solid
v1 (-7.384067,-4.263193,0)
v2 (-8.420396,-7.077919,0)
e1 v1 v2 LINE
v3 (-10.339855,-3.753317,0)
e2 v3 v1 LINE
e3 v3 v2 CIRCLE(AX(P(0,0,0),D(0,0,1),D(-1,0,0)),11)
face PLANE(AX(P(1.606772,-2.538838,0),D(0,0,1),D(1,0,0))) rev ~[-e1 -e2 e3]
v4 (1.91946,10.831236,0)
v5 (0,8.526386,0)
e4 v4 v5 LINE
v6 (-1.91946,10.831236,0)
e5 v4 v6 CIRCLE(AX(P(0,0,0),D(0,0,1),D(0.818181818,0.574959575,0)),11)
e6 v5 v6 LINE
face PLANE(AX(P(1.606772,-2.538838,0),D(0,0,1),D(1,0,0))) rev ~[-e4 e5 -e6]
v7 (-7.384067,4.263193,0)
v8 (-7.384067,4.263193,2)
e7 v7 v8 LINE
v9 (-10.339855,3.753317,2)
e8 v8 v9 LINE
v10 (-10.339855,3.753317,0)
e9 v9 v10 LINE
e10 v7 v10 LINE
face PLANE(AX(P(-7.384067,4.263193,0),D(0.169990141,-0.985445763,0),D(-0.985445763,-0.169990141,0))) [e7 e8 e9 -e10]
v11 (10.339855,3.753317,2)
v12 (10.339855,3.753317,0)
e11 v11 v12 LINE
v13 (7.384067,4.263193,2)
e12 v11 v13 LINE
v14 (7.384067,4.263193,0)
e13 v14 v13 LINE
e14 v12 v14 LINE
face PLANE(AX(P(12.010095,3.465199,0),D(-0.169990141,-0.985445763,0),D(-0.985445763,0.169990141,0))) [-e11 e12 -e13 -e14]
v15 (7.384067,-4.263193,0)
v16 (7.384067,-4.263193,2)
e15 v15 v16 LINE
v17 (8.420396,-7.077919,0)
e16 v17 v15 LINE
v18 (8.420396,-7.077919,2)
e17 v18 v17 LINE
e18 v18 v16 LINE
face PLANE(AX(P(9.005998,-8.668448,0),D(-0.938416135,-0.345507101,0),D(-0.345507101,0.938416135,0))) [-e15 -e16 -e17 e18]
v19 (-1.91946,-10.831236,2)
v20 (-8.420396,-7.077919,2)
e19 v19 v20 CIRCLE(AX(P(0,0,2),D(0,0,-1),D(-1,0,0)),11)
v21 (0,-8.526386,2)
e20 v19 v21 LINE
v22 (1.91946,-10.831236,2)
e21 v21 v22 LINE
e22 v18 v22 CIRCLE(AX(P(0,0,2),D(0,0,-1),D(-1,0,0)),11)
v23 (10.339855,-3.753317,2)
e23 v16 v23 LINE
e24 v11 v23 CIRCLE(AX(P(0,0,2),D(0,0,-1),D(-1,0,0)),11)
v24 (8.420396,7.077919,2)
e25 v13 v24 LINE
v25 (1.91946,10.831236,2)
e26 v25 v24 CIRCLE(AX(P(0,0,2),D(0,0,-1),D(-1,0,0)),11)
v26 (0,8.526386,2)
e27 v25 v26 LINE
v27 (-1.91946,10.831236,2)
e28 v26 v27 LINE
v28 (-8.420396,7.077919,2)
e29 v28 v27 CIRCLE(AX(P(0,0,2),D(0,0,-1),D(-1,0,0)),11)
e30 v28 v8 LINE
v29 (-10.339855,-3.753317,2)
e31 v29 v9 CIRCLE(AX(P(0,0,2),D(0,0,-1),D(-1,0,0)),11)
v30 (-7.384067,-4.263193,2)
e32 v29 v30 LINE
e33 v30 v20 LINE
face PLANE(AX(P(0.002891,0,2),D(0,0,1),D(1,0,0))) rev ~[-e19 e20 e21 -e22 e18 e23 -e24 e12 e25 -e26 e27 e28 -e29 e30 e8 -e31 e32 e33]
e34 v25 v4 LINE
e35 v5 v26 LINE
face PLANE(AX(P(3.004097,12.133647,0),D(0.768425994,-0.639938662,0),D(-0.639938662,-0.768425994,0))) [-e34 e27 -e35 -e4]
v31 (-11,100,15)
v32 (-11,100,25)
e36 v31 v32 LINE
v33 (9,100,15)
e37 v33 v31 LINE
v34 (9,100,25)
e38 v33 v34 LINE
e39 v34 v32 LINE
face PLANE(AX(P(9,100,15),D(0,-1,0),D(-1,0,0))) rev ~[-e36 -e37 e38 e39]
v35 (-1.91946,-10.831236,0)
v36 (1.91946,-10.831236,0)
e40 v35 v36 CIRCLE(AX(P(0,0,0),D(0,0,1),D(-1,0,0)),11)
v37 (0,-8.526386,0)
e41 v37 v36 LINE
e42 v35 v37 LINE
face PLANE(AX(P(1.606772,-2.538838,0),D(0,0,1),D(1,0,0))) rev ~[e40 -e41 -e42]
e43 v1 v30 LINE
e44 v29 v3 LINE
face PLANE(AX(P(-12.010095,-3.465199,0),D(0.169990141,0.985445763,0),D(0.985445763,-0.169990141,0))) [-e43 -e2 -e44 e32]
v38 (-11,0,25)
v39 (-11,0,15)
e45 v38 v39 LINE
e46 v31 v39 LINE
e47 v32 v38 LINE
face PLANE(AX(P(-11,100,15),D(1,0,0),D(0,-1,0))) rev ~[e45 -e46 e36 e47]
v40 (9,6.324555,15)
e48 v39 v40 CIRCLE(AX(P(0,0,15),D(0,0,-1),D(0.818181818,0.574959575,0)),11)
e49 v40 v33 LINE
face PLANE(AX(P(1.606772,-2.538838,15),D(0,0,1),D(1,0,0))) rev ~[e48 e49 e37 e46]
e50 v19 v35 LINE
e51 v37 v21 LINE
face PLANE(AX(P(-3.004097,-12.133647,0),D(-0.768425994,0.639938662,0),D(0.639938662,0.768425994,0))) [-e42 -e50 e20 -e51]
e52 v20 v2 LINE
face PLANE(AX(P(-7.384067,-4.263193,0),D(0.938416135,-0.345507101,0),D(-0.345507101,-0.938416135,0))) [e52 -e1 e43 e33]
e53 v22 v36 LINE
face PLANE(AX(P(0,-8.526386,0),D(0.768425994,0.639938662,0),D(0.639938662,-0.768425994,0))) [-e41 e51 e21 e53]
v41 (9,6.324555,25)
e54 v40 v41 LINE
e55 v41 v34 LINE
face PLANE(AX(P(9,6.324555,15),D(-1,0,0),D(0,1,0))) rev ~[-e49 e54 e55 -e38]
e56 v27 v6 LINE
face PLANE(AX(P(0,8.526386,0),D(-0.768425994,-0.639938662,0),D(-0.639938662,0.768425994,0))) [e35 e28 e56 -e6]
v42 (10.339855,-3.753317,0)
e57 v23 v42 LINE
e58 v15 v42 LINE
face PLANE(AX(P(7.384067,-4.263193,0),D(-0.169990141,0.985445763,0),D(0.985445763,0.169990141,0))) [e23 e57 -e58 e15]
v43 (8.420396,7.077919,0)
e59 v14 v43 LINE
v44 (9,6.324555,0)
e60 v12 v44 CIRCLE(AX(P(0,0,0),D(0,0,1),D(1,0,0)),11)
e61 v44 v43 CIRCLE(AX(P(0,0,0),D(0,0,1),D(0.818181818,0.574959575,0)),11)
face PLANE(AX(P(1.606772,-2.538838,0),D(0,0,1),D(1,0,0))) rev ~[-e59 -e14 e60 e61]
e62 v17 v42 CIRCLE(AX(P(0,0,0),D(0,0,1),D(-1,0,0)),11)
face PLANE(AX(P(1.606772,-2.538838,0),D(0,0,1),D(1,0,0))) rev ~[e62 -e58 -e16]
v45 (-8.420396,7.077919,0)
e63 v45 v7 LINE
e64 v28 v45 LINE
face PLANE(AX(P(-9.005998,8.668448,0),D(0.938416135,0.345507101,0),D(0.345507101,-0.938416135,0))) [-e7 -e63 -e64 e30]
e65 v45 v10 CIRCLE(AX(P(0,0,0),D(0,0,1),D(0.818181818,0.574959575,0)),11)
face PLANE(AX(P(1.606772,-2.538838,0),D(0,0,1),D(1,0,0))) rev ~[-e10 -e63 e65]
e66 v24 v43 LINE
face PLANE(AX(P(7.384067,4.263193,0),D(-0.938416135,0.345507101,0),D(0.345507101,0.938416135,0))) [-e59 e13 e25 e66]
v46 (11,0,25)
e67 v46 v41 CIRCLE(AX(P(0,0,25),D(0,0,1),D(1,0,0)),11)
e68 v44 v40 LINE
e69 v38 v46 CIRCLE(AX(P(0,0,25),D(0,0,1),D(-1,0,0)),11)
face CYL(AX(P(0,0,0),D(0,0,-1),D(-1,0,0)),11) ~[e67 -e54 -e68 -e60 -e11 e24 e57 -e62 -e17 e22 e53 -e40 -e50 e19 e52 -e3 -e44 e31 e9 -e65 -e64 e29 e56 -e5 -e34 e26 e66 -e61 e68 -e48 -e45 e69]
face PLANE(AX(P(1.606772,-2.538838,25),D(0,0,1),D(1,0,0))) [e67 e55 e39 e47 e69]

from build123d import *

# Parameters (mm, degrees)
F1_DEPTH = 20
F2_START = 15
F2_DEPTH = 10
F4_DEPTH = 2.000000095


with BuildPart() as f1:
    # F0 (on Top) → F1 (new body)
    with BuildSketch(Plane.XY):
        with BuildLine():
            Line((9, 0), (-11, 0))
            ThreePointArc((-11, 0), (0, -11), (11, 0))
            ThreePointArc((11, 0), (10.4880884817, 3.3166247904), (9, 6.3245553203))
            Line((9, 6.3245553203), (9, 0))
        make_face()
        with BuildLine():
            ThreePointArc((9, 6.3245553203), (-3.3166247904, 10.4880884817), (-11, 0))
            Line((-11, 0), (9, 0))
            Line((9, 0), (9, 6.3245553203))
        make_face()
    extrude(amount=F1_DEPTH)

    # F0 (on Top) → F2 (join)
    with BuildSketch(Plane.XY.offset(F2_START)):
        with BuildLine():
            Line((9, 0), (-11, 0))
            ThreePointArc((-11, 0), (0, -11), (11, 0))
            ThreePointArc((11, 0), (10.4880884817, 3.3166247904), (9, 6.3245553203))
            Line((9, 6.3245553203), (9, 0))
        make_face()
        with BuildLine():
            Line((-11, 100), (-11, 0))
            ThreePointArc((-11, 0), (-3.3166247904, 10.4880884817), (9, 6.3245553203))
            Line((9, 6.3245553203), (9, 100))
            Line((9, 100), (-11, 100))
        make_face()
        with BuildLine():
            ThreePointArc((9, 6.3245553203), (-3.3166247904, 10.4880884817), (-11, 0))
            Line((-11, 0), (9, 0))
            Line((9, 0), (9, 6.3245553203))
        make_face()
    extrude(amount=F2_DEPTH)

    # F3 (on Top) → F4 (cut)
    with BuildSketch(Plane.XY):
        with BuildLine():
            Line((9.0059984515, -8.6684480671), (7.3840666789, -4.2631928848))
            Line((7.3840666789, -4.2631928848), (12.0100954632, -3.4651994118))
            ThreePointArc((12.0100954632, -3.4651994118), (12.3769178977, -1.7498295216), (12.5, 0))
            ThreePointArc((12.5, 0), (12.3769178977, 1.7498295216), (12.0100954632, 3.4651994118))
            Line((12.0100954632, 3.4651994118), (7.3840666789, 4.2631928848))
            Line((7.3840666789, 4.2631928848), (9.0059984515, 8.6684480671))
            ThreePointArc((9.0059984515, 8.6684480671), (6.25, 10.8253175473), (3.0040970118, 12.133647479))
            Line((3.0040970118, 12.133647479), (0, 8.5263857696))
            Line((0, 8.5263857696), (-3.0040970118, 12.133647479))
            ThreePointArc((-3.0040970118, 12.133647479), (-6.25, 10.8253175473), (-9.0059984515, 8.6684480671))
            Line((-9.0059984515, 8.6684480671), (-7.3840666789, 4.2631928848))
            Line((-7.3840666789, 4.2631928848), (-12.0100954632, 3.4651994118))
            ThreePointArc((-12.0100954632, 3.4651994118), (-12.5, 0), (-12.0100954632, -3.4651994118))
            Line((-12.0100954632, -3.4651994118), (-7.3840666789, -4.2631928848))
            Line((-7.3840666789, -4.2631928848), (-9.0059984515, -8.6684480671))
            ThreePointArc((-9.0059984515, -8.6684480671), (-6.25, -10.8253175473), (-3.0040970118, -12.133647479))
            Line((-3.0040970118, -12.133647479), (0, -8.5263857696))
            Line((0, -8.5263857696), (3.0040970118, -12.133647479))
            ThreePointArc((3.0040970118, -12.133647479), (6.25, -10.8253175473), (9.0059984515, -8.6684480671))
        make_face()
    extrude(amount=F4_DEPTH, mode=Mode.SUBTRACT)


solid = f1.part
